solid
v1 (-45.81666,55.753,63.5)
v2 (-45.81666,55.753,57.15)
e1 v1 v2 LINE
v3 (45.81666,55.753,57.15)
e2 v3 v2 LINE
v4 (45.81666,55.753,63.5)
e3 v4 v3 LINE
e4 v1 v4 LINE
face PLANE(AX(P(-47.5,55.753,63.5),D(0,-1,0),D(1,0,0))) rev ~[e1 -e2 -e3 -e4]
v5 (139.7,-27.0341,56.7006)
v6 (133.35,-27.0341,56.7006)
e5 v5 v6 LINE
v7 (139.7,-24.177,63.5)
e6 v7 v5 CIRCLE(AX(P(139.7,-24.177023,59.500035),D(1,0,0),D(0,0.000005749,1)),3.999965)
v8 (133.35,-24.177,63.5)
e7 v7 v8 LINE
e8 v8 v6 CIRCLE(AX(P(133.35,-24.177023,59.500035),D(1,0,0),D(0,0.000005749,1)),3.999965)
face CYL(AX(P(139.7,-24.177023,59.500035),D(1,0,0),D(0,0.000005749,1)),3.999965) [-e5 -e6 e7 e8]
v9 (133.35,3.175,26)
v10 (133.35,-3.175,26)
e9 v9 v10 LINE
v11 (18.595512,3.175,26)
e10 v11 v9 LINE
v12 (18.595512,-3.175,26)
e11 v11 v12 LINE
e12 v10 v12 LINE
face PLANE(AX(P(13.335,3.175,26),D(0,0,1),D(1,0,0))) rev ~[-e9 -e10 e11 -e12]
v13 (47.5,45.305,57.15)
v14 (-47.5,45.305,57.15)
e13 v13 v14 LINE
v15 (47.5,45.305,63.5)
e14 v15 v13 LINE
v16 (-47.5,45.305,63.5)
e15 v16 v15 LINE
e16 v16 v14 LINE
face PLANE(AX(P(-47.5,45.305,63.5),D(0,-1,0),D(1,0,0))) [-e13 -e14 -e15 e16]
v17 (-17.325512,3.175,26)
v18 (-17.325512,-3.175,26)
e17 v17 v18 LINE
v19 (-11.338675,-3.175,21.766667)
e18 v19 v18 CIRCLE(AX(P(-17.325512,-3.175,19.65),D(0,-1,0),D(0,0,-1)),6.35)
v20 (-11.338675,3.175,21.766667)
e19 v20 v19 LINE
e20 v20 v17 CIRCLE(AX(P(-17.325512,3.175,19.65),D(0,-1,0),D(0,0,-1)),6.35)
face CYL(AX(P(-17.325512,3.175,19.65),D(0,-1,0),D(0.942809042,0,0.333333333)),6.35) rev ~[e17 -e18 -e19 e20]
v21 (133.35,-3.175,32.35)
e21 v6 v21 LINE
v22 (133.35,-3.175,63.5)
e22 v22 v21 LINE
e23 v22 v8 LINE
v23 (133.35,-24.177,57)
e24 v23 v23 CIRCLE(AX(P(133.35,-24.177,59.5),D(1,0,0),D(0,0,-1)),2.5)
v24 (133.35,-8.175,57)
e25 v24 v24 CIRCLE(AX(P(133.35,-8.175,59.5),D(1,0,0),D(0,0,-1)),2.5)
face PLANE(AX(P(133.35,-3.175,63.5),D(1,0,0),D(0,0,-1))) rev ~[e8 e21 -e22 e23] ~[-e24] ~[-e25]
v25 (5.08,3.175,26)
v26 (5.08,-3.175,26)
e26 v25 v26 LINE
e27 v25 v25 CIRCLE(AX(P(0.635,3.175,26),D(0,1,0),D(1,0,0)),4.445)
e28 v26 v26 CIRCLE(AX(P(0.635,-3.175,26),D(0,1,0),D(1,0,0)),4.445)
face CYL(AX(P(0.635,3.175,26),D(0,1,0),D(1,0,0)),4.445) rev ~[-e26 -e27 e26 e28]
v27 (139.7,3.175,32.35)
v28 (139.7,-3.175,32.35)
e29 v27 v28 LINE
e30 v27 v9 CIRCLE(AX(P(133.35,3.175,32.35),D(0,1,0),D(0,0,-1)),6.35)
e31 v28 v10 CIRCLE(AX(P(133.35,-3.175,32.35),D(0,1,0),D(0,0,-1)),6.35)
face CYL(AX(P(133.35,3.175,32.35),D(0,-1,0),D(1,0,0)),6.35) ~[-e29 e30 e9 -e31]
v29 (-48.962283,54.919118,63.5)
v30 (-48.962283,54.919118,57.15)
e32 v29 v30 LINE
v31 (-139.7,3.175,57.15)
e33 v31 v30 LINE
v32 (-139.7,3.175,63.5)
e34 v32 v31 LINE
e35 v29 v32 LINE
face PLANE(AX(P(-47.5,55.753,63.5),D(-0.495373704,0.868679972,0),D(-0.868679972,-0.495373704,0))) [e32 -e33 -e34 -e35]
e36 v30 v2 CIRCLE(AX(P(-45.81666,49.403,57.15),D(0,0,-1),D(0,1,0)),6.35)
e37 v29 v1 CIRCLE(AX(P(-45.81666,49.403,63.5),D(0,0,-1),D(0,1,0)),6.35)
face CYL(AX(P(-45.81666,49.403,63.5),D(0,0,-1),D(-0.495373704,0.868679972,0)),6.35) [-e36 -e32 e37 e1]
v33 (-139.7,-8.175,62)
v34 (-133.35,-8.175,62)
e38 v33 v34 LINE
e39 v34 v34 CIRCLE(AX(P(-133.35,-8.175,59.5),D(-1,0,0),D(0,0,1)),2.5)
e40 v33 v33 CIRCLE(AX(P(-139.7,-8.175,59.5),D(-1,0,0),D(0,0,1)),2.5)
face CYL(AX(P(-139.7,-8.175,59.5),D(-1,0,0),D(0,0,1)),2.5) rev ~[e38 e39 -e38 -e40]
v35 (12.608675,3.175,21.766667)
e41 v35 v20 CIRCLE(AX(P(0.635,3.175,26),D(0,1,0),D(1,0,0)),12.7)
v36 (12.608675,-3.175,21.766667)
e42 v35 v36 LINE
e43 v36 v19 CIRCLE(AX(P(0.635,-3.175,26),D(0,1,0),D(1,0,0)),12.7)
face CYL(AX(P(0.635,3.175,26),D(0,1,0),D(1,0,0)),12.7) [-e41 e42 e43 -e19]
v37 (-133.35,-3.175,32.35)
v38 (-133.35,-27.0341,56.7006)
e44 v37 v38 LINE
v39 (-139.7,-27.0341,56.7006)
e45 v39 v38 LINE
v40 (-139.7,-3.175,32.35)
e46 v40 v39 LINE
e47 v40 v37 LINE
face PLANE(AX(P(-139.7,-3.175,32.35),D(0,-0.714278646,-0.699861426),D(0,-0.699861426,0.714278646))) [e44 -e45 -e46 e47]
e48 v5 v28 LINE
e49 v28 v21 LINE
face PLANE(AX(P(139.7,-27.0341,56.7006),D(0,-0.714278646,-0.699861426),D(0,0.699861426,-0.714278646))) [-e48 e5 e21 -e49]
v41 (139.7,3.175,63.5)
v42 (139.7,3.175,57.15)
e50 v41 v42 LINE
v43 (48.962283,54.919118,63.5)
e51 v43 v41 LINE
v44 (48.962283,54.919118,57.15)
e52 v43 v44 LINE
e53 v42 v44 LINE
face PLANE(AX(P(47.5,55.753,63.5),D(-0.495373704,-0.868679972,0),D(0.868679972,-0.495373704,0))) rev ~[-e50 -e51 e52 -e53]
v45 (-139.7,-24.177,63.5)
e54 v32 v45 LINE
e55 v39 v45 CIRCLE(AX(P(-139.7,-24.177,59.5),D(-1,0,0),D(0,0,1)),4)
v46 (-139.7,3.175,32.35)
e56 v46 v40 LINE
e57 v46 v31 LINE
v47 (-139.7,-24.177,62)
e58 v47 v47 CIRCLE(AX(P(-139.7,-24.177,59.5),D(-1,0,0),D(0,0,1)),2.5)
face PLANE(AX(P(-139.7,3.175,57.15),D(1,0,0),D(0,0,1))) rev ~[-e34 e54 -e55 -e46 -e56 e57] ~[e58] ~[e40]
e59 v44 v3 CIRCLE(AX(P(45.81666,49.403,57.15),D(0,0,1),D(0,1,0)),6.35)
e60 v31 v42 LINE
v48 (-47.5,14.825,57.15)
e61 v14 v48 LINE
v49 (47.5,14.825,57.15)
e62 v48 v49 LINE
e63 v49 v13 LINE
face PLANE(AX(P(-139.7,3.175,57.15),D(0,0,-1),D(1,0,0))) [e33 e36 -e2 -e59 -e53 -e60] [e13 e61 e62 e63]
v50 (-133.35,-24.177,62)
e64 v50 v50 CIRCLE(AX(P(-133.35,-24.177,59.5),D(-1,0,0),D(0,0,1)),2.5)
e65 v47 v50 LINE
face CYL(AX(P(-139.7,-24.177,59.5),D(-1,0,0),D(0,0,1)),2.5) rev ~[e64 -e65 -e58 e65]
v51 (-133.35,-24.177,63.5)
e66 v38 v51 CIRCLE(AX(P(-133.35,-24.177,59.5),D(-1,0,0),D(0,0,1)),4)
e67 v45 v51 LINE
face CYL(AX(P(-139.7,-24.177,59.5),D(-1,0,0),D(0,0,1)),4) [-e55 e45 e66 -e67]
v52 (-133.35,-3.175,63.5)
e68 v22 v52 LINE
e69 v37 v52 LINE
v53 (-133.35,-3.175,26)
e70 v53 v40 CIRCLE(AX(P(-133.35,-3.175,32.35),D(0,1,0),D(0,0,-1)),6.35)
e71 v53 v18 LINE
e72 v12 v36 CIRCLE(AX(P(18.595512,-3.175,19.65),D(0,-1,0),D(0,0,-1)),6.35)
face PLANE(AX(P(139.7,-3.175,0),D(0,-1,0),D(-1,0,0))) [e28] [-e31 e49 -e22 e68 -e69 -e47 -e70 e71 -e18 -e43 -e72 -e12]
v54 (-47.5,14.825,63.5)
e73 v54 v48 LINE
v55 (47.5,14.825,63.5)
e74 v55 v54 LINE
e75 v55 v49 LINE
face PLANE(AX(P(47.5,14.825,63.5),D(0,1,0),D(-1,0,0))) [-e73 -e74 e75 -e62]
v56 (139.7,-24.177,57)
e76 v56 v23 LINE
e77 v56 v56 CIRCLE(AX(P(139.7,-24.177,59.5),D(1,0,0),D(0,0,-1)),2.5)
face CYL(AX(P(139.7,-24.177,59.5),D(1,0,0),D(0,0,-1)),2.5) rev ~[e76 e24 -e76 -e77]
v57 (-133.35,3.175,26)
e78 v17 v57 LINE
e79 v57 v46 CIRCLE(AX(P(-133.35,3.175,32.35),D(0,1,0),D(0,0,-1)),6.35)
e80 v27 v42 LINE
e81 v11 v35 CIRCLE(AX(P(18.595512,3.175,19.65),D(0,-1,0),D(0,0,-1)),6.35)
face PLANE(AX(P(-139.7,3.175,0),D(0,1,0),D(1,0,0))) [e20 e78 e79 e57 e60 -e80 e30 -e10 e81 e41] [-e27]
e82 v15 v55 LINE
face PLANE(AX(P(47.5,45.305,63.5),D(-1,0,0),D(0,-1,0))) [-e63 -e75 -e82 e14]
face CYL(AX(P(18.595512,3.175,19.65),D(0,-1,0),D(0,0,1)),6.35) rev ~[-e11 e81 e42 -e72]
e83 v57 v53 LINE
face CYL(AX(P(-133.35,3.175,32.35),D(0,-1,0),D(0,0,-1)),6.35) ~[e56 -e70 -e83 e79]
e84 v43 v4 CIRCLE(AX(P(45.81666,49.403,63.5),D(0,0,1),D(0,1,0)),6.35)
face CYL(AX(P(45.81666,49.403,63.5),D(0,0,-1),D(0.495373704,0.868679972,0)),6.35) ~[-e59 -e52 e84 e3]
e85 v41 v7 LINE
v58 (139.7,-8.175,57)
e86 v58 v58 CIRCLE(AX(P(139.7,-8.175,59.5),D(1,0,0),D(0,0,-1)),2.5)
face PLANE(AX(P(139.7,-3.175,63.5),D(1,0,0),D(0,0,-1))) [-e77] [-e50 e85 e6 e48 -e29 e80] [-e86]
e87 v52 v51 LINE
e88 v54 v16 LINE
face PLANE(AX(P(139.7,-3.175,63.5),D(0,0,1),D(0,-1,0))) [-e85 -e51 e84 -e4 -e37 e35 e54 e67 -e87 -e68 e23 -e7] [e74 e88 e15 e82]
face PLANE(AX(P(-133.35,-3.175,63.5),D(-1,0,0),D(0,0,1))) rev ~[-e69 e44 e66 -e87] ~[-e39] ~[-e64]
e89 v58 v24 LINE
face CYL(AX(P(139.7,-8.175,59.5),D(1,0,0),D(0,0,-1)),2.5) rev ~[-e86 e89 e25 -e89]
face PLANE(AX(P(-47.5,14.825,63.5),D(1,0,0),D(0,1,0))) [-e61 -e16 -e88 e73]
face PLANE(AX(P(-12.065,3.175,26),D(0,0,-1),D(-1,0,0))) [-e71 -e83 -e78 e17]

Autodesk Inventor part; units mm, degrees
ref_plane "YZ Plane" through (0, 0, 0) normal (1, 0, 0) x (0, 1, 0)
ref_plane "XZ Plane" through (0, 0, 0) normal (0, 1, 0) x (-1, 0, 0)
ref_plane "XY Plane" through (0, 0, 0) normal (0, 0, 1) x (1, 0, 0)
sketch "Sketch1" plane through (0, 0, 0) normal (0, 0, 1) x (1, 0, 0)
  line L0 (139.7, -3.175) -> (-139.7, -3.175)
  line L1 (-139.7, -3.175) -> (-139.7, 3.175)
  line L2 (-139.7, 3.175) -> (139.7, 3.175)
  line L3 (139.7, 3.175) -> (139.7, -3.175)
  line L4 (139.7, -3.175) -> (-139.7, 3.175) construction
  line L5 (-139.7, -3.175) -> (139.7, 3.175) construction
  point P0 (0, 0)
  dimension "d0" = 279.4
  dimension "d1" = 6.35
extrude "Extrusion1" add sketch "Sketch1" along normal blind 63.5
sketch "Sketch2" plane through (-139.7, 3.175, 0) normal (0, 1, 0) x (1, 0, 0)
  circle A0 centre (140.335, -26) radius 4.445
  line L0 (139.7, 0) -> (139.7, -63.5833) construction
  line L1 (0, 0) -> (0, -63.5) construction
  line L2 (279.4, 0) -> (279.4, -63.5) construction
  line L3 (279.4, -63.5) -> (0, -63.5) projected
  dimension "d4" = 8.89
  dimension "d16" = 37.5
extrude "Extrusion2" cut sketch "Sketch2" against normal through all
sketch "Sketch3" plane through (0, 0, 63.5) normal (0, 0, 1) x (1, 0, 0)
  point P0 (0, 0)
sketch "Sketch4" plane through (-139.7, 3.175, 0) normal (0, 1, 0) x (1, 0, 0)
  line L0 (279.4, 0) -> (279.4, -63.5) projected
  line L1 (0, 0) -> (0, -63.5) projected
  line L2 (279.4, -63.5) -> (0, -63.5)
  line L3 (0, -63.5) -> (0, -57.15)
  line L4 (0, -57.15) -> (279.4, -57.15)
  line L5 (279.4, -57.15) -> (279.4, -63.5)
  point P0 (139.7, 0)
  dimension "d8" = 6.35
extrude "Extrusion3" add sketch "Sketch4" along normal blind 63.5
sketch "Sketch5" plane through (0, 0, 63.5) normal (0, 0, 1) x (1, 0, 0)
  line L0 (47.5, 14.825) -> (-47.5, 14.825)
  line L1 (-47.5, 14.825) -> (-47.5, 45.305)
  line L2 (-47.5, 45.305) -> (47.5, 45.305)
  line L3 (47.5, 45.305) -> (47.5, 14.825)
  line L4 (47.5, 14.825) -> (-47.5, 45.305) construction
  line L5 (-47.5, 14.825) -> (47.5, 45.305) construction
  line L6 (-139.7, -3.175) -> (139.7, -3.175) projected
  point P0 (0, 0)
  point P1 (0, 30.065)
  dimension "d11" = 95
  dimension "d12" = 30.48
  dimension "d13" = 18
extrude "Extrusion4" cut sketch "Sketch5" against normal through all
sketch "Sketch8" plane through (0, 0, 63.5) normal (0, 0, 1) x (1, 0, 0)
  line L0 (-139.7, -3.175) -> (139.7, -3.175) construction
  line L1 (-47.5, -3.175) -> (-47.5, 66.9222) construction
  line L2 (-139.7, 66.675) -> (139.7, 66.675) construction
  line L3 (47.5, 66.675) -> (47.5, -3.175) construction
  line L4 (47.5, 45.305) -> (47.5, 14.825) construction
  line L5 (-47.5, 14.825) -> (-47.5, 45.305) construction
  line L6 (-139.7, -3.175) -> (-139.7, 66.675) construction
  line L7 (-139.7, 3.175) -> (139.7, 3.175) construction
  line L8 (139.7, -3.175) -> (139.7, 66.675) construction
  line L9 (-139.7, 55.753) -> (139.7, 55.753)
  line L10 (-47.5, 55.753) -> (-139.7, 3.175)
  line L11 (47.5, 55.753) -> (139.7, 3.175)
  line L12 (-47.5, 14.825) -> (-47.5, 45.305) projected
  line L13 (-47.5, 45.305) -> (47.5, 45.305) projected
  line L14 (47.5, 45.305) -> (47.5, 14.825) projected
  line L15 (47.5, 14.825) -> (-47.5, 14.825) projected
  line L16 (-139.7, -3.175) -> (-139.7, 66.675) projected
  line L17 (-139.7, -3.175) -> (139.7, -3.175) projected
  line L18 (139.7, -3.175) -> (139.7, 66.675) projected
  line L19 (-139.7, 66.675) -> (139.7, 66.675) projected
  point P0 (0, 0)
  point P1 (-47.5, 30.065)
  point P2 (-139.7, 3.175)
  point P3 (139.7, 3.175)
  dimension "d21" = 0
  dimension "d22" = 0
  dimension "d23" = 6.35
  dimension "d24" = 10.922
extrude "Extrusion5" cut sketch "Sketch8" against normal through all contours L16 L19 L18 L9 | L9 L10 L16 | L9 L18 L11
sketch "Sketch11" plane through (-139.7, 3.175, 0) normal (0, 1, 0) x (1, 0, 0)
  circle A0 centre (140.335, -26) radius 4.445 projected
  circle A1 centre (140.335, -26) radius 12.7
  line L0 (127.635, -26) -> (0, -26)
  line L1 (0, 0) -> (0, -57.15) projected
  line L2 (153.035, -26) -> (279.4, -26)
  line L3 (279.4, 0) -> (279.4, -57.15) projected
  line L4 (279.4, 0) -> (0, 0) projected
  point P0 (139.7, 0)
  point P1 (0, -34.9602)
  point P2 (280.67, -34.9602)
  point P3 (279.4, -57.15)
  dimension "d43" = 25.4
extrude "Extrusion8" cut sketch "Sketch11" against normal through all contours A1 L0 L1 L4 L3 L2
fillet "Fillet5" radius 6.35 6 edges at (47.5, 55.753, 60.325) (-47.5, 55.753, 60.325) (139.7, 0, 26) (13.335, 0, 26) (-12.065, 0, 26) (-139.7, 0, 26)
sketch "Sketch15" plane through (-139.7, -3.175, 63.5) normal (-1, 0, 0) x (0, 0, 1)
  circle A0 centre (-4, -5) radius 2.5
  line L0 (-31.15, 0) -> (-31.15, 6.35) projected
  line L1 (-31.15, 0) -> (0, 0) projected
  line L2 (0, 0) -> (0, 6.35) projected
  line L3 (0, 6.35) -> (-6.35, 6.35) projected
  line L4 (-31.15, 6.35) -> (-6.35, 6.35) projected
  line L5 (0, 0) -> (0, -21.002)
  circle A1 centre (-4, -21.002) radius 2.5
  circle A2 centre (-4, -21.002) radius 4
  line L6 (-31.15, 0) -> (0, 0) projected
  line L7 (-31.15, 0) -> (-6.7994, -23.8591)
  point P0 (-63.5, 3.175)
  dimension "d64" = 5
  dimension "d65" = 4
  dimension "d66" = 5
  dimension "d67" = 5
  dimension "d68" = 16.002
extrude "Extrusion11" add sketch "Sketch15" against normal blind 6.35 contours L1 L5 A2 L7 | A2
sketch "Sketch16" plane through (139.7, -3.175, 63.5) normal (1, 0, 0) x (0, 0, -1)
  line L0 (0, 0) -> (0, -21.002) projected
  arc A0 (0, -21.002) -> (6.7994, -23.8591) centre (4, -21.002) ccw projected
  line L1 (6.7994, -23.8591) -> (31.15, 0) projected
  line L2 (0, 0) -> (31.15, 0) projected
  circle A1 centre (4, -5) radius 2.5 projected
  circle A2 centre (4, -21.002) radius 2.5 projected
  point P0 (63.5, 3.175)
extrude "Extrusion12" add sketch "Sketch16" against normal blind 6.35
properties part number "CS_Camera_Mount"
